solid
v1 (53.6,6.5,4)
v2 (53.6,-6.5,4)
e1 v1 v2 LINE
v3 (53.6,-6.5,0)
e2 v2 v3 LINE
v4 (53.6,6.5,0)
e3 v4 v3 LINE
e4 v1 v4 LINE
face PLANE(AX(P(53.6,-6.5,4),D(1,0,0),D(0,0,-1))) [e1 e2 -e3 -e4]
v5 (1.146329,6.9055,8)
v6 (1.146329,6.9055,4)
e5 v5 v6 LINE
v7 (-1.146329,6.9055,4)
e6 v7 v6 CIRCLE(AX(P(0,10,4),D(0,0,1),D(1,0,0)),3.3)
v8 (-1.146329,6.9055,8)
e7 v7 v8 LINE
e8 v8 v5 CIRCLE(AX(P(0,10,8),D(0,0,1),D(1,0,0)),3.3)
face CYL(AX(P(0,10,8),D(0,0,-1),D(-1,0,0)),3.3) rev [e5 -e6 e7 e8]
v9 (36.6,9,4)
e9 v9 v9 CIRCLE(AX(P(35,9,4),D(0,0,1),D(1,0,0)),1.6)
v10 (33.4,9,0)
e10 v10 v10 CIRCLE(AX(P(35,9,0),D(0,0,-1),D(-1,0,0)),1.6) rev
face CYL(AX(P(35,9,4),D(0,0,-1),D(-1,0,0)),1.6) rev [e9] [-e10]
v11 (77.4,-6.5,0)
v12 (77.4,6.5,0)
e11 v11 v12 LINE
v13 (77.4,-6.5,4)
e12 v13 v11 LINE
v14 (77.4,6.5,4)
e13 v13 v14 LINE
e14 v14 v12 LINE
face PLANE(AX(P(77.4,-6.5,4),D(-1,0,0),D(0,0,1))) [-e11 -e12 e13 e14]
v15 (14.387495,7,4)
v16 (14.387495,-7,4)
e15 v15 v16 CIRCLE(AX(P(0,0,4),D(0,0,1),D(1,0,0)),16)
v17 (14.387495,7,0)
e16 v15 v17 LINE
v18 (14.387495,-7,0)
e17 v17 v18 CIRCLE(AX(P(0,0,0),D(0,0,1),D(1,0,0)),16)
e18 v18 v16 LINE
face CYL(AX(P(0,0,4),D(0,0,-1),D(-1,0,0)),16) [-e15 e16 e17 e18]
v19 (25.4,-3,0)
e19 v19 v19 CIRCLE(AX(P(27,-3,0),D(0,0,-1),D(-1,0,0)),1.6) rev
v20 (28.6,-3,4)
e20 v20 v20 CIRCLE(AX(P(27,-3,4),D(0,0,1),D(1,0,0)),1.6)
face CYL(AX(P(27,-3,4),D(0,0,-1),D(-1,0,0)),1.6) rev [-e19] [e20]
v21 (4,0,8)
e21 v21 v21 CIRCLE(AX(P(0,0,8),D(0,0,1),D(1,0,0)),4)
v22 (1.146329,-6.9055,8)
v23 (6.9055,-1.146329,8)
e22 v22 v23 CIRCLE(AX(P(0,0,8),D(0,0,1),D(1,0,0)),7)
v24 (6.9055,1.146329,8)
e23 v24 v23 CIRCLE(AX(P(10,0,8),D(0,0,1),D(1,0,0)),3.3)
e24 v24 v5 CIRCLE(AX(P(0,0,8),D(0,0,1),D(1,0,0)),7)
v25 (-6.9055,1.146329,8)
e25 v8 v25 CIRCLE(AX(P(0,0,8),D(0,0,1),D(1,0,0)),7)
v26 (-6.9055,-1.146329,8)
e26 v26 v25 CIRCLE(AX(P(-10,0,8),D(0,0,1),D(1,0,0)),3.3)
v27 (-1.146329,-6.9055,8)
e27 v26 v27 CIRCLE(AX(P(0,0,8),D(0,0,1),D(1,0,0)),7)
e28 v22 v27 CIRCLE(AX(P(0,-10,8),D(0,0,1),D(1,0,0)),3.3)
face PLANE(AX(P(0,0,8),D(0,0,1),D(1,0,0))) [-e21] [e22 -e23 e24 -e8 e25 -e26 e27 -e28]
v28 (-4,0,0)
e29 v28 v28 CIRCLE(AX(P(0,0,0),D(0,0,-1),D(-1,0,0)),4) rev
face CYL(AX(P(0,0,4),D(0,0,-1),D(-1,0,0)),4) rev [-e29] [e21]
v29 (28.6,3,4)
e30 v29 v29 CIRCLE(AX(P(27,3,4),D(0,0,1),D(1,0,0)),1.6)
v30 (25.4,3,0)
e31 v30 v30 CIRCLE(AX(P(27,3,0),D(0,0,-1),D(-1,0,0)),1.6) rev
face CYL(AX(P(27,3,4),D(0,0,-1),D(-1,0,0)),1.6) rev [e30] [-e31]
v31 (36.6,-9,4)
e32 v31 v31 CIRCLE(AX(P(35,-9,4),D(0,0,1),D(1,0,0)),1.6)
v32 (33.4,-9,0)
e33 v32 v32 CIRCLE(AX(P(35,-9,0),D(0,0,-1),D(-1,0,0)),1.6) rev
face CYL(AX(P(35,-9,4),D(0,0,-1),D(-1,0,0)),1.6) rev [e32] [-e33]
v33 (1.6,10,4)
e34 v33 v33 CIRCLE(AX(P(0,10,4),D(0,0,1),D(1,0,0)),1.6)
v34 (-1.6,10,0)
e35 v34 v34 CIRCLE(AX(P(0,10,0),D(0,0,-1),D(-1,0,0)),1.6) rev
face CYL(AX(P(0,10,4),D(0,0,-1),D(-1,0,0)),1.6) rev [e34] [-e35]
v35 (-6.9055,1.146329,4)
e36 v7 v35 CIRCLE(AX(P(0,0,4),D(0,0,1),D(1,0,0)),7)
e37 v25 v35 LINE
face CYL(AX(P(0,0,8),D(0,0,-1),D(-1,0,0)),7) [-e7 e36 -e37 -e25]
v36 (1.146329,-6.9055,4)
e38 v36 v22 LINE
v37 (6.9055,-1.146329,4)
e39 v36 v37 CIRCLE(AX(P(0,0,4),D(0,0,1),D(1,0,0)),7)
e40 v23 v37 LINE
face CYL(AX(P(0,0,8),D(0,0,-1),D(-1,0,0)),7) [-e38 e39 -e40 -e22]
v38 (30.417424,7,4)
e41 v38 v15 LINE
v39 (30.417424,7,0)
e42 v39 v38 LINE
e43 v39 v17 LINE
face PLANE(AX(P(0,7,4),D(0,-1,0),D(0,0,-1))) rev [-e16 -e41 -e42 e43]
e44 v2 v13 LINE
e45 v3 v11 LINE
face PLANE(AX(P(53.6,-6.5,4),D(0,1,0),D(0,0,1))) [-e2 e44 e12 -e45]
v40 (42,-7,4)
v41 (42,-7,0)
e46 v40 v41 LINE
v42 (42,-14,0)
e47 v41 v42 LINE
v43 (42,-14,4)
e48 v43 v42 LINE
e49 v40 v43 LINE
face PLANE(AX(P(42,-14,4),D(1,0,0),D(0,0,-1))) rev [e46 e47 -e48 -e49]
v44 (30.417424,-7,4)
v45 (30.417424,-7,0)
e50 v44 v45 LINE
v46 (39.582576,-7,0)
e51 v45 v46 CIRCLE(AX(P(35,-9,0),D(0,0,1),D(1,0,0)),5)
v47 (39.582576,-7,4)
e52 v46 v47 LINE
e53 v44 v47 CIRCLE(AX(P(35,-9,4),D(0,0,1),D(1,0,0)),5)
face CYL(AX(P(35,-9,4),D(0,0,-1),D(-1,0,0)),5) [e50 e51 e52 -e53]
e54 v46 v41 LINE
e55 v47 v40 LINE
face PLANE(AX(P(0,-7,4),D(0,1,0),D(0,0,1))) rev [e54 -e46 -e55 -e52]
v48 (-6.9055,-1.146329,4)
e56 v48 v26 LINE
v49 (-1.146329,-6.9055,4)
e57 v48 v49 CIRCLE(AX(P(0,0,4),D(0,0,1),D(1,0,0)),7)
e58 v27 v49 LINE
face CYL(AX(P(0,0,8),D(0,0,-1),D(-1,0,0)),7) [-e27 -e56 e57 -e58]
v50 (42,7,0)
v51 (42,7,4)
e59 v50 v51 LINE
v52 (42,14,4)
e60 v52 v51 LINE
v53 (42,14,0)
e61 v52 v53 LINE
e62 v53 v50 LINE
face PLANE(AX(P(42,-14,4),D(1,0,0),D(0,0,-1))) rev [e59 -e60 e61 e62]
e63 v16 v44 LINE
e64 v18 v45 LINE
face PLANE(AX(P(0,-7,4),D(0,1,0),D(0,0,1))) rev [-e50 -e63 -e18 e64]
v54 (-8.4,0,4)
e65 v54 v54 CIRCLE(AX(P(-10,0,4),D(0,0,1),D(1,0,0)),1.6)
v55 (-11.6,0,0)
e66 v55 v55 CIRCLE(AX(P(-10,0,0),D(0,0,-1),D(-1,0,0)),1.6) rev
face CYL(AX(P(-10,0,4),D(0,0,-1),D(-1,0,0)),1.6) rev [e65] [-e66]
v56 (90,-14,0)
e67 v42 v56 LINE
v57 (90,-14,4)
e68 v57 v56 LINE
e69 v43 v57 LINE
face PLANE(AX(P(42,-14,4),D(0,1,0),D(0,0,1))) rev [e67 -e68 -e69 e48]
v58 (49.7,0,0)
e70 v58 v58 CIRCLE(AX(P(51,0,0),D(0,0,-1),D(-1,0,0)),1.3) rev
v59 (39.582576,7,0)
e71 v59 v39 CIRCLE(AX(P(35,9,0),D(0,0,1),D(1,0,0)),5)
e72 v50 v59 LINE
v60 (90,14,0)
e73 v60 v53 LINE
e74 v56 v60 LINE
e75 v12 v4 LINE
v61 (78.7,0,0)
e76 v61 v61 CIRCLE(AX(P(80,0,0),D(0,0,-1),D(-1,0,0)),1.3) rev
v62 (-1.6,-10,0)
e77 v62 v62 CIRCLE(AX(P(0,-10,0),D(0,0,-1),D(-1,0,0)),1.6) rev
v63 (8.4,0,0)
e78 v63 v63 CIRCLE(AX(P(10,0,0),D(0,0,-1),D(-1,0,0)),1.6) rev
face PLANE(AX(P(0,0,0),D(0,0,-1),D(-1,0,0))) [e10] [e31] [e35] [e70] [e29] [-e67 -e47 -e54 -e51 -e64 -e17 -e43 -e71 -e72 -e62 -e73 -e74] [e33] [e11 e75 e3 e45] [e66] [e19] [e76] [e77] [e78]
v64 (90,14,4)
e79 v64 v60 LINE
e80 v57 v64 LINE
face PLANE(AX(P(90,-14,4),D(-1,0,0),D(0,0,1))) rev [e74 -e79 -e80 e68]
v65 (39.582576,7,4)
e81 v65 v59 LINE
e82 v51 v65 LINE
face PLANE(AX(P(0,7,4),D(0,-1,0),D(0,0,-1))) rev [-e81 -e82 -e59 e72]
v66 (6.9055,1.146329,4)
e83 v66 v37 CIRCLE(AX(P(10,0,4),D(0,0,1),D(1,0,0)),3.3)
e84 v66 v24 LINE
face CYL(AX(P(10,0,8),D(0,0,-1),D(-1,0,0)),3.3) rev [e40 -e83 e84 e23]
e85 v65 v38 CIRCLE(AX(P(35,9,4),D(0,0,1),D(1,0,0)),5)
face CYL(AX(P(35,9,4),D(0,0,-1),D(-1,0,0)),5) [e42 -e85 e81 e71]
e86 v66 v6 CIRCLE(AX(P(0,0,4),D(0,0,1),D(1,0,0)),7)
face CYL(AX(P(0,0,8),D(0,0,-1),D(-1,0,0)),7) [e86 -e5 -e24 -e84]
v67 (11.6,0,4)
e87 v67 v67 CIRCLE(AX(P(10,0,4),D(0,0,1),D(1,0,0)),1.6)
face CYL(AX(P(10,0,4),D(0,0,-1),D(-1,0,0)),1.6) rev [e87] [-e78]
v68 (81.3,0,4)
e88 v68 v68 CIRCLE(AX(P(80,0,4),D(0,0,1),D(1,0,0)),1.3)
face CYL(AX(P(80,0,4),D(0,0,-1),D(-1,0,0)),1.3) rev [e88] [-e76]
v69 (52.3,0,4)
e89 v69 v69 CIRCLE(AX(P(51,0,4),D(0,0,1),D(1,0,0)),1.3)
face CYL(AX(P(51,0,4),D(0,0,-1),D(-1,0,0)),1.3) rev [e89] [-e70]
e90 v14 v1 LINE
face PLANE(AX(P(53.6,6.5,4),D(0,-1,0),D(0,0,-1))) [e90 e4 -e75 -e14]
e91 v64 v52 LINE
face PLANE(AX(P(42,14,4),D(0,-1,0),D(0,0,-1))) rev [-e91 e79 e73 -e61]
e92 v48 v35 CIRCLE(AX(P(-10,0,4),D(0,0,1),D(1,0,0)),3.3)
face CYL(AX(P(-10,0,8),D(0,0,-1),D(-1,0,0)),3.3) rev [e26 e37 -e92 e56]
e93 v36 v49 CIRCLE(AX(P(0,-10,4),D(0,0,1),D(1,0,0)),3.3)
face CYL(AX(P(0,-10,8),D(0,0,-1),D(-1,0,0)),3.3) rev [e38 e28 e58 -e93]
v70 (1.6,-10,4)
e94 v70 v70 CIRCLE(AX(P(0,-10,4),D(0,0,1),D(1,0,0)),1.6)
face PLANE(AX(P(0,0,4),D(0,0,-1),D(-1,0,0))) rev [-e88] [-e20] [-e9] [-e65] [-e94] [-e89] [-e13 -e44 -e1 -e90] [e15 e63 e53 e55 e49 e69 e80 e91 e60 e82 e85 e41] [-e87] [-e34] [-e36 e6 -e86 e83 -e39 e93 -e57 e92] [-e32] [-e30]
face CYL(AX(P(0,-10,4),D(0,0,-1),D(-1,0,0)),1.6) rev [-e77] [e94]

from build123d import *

# Parameters (mm, degrees)
MAIN_WEB_PROFILE_W                        = 60
MAIN_WEB_PROFILE_H                        = 14
MAIN_WEB_DEPTH                            = 4
SHOULDER_HORN_FLANGE_PROFILE_R            = 16
SHOULDER_HORN_FLANGE_DEPTH                = 4
ELBOW_SERVO_MOUNT_PROFILE_W               = 48
ELBOW_SERVO_MOUNT_PROFILE_H               = 28
ELBOW_SERVO_MOUNT_DEPTH                   = 4
SG90_BODY_CLEARANCE_START                 = -5
SG90_BODY_CLEARANCE_PROFILE_W             = 23.8
SG90_BODY_CLEARANCE_PROFILE_H             = 13
SG90_BODY_CLEARANCE_DEPTH                 = 97.49863387
ELBOW_TAB_FASTENERS_START                 = -50
ELBOW_TAB_FASTENERS_PROFILE_R             = 1.3
ELBOW_TAB_FASTENERS_DEPTH                 = 142.49863387
SHOULDER_CENTER_SCREW_ACCESS_START        = -50
SHOULDER_CENTER_SCREW_ACCESS_PROFILE_R    = 4
SHOULDER_CENTER_SCREW_ACCESS_DEPTH        = 142.49863387
SHOULDER_HORN_BOLT_PATTERN_START          = -50
SHOULDER_HORN_BOLT_PATTERN_PROFILE_R      = 1.6
SHOULDER_HORN_BOLT_PATTERN_DEPTH          = 142.49863387
CABLE_TIE_HOLES_START                     = -50
CABLE_TIE_HOLES_PROFILE_R                 = 1.6
CABLE_TIE_HOLES_DEPTH                     = 142.49863387
PASSIVE_LOWER_MOUNT_BOSS_PROFILE_R        = 5
PASSIVE_LOWER_MOUNT_BOSS_DEPTH            = 4
PASSIVE_UPPER_MOUNT_BOSS_PROFILE_R        = 5
PASSIVE_UPPER_MOUNT_BOSS_DEPTH            = 4
PASSIVE_CHEEK_STANDOFFS_START             = -50
PASSIVE_CHEEK_STANDOFFS_PROFILE_R         = 1.6
PASSIVE_CHEEK_STANDOFFS_DEPTH             = 142.49863387
SHOULDER_DOWEL_SUPPORT_HUB_START          = 4
SHOULDER_DOWEL_SUPPORT_HUB_PROFILE_R      = 7
SHOULDER_DOWEL_SUPPORT_HUB_PROFILE_R_2    = 4
SHOULDER_DOWEL_SUPPORT_HUB_DEPTH          = 4
SHOULDER_HORN_WASHER_HUB_RELIEF_START     = 4
SHOULDER_HORN_WASHER_HUB_RELIEF_PROFILE_R = 3.3
SHOULDER_HORN_WASHER_HUB_RELIEF_DEPTH     = 4


with BuildPart() as part:
    # Main_web_profile → Main_web (new body)
    with BuildSketch(Plane.XY):
        with Locations((30, 0)):
            Rectangle(MAIN_WEB_PROFILE_W, MAIN_WEB_PROFILE_H)
    extrude(amount=MAIN_WEB_DEPTH)

    # Shoulder_horn_flange_profile → Shoulder_horn_flange (add)
    with BuildSketch(Plane.XY):
        Circle(SHOULDER_HORN_FLANGE_PROFILE_R)
    extrude(amount=SHOULDER_HORN_FLANGE_DEPTH)

    # Elbow_servo_mount_profile → Elbow_servo_mount (add)
    with BuildSketch(Plane.XY):
        with Locations((66, 0)):
            Rectangle(ELBOW_SERVO_MOUNT_PROFILE_W, ELBOW_SERVO_MOUNT_PROFILE_H)
    extrude(amount=ELBOW_SERVO_MOUNT_DEPTH)

    # SG90_body_clearance_profile → SG90_body_clearance (cut, through all)
    with BuildSketch(Plane.XY.offset(SG90_BODY_CLEARANCE_START)):
        with Locations((65.5, 0)):
            Rectangle(SG90_BODY_CLEARANCE_PROFILE_W, SG90_BODY_CLEARANCE_PROFILE_H)
    extrude(amount=SG90_BODY_CLEARANCE_DEPTH, mode=Mode.SUBTRACT)

    # Elbow_tab_fasteners_profile → Elbow_tab_fasteners (cut, through all)
    with BuildSketch(Plane.XY.offset(ELBOW_TAB_FASTENERS_START)):
        with Locations(Location((51, 0, 0), (0, 0, 180))):
            Circle(ELBOW_TAB_FASTENERS_PROFILE_R)
        with Locations(Location((80, 0, 0), (0, 0, 180))):
            Circle(ELBOW_TAB_FASTENERS_PROFILE_R)
    extrude(amount=ELBOW_TAB_FASTENERS_DEPTH, mode=Mode.SUBTRACT)

    # Shoulder_center_screw_access_profile → Shoulder_center_screw_access (cut, through all)
    with BuildSketch(Plane.XY.offset(SHOULDER_CENTER_SCREW_ACCESS_START)):
        with Locations(Location((0, 0, 0), (0, 0, 180))):
            Circle(SHOULDER_CENTER_SCREW_ACCESS_PROFILE_R)
    extrude(amount=SHOULDER_CENTER_SCREW_ACCESS_DEPTH, mode=Mode.SUBTRACT)

    # Shoulder_horn_bolt_pattern_profile → Shoulder_horn_bolt_pattern (cut, through all)
    with BuildSketch(Plane.XY.offset(SHOULDER_HORN_BOLT_PATTERN_START)):
        with Locations(Location((0, 10, 0), (0, 0, 180))):
            Circle(SHOULDER_HORN_BOLT_PATTERN_PROFILE_R)
        with Locations(Location((0, -10, 0), (0, 0, 180))):
            Circle(SHOULDER_HORN_BOLT_PATTERN_PROFILE_R)
        with Locations(Location((10, 0, 0), (0, 0, 180))):
            Circle(SHOULDER_HORN_BOLT_PATTERN_PROFILE_R)
        with Locations(Location((-10, 0, 0), (0, 0, 180))):
            Circle(SHOULDER_HORN_BOLT_PATTERN_PROFILE_R)
    extrude(amount=SHOULDER_HORN_BOLT_PATTERN_DEPTH, mode=Mode.SUBTRACT)

    # Cable_tie_holes_profile → Cable_tie_holes (cut, through all)
    with BuildSketch(Plane.XY.offset(CABLE_TIE_HOLES_START)):
        with Locations(Location((27, -3, 0), (0, 0, 180))):
            Circle(CABLE_TIE_HOLES_PROFILE_R)
        with Locations(Location((27, 3, 0), (0, 0, 180))):
            Circle(CABLE_TIE_HOLES_PROFILE_R)
    extrude(amount=CABLE_TIE_HOLES_DEPTH, mode=Mode.SUBTRACT)

    # Passive_lower_mount_boss_profile → Passive_lower_mount_boss (add)
    with BuildSketch(Plane.XY):
        with Locations((35, -9)):
            Circle(PASSIVE_LOWER_MOUNT_BOSS_PROFILE_R)
    extrude(amount=PASSIVE_LOWER_MOUNT_BOSS_DEPTH)

    # Passive_upper_mount_boss_profile → Passive_upper_mount_boss (add)
    with BuildSketch(Plane.XY):
        with Locations((35, 9)):
            Circle(PASSIVE_UPPER_MOUNT_BOSS_PROFILE_R)
    extrude(amount=PASSIVE_UPPER_MOUNT_BOSS_DEPTH)

    # Passive_cheek_standoffs_profile → Passive_cheek_standoffs (cut, through all)
    with BuildSketch(Plane.XY.offset(PASSIVE_CHEEK_STANDOFFS_START)):
        with Locations(Location((35, -9, 0), (0, 0, 180))):
            Circle(PASSIVE_CHEEK_STANDOFFS_PROFILE_R)
        with Locations(Location((35, 9, 0), (0, 0, 180))):
            Circle(PASSIVE_CHEEK_STANDOFFS_PROFILE_R)
    extrude(amount=PASSIVE_CHEEK_STANDOFFS_DEPTH, mode=Mode.SUBTRACT)

    # Shoulder_dowel_support_hub_profile → Shoulder_dowel_support_hub (add)
    with BuildSketch(Plane.XY.offset(SHOULDER_DOWEL_SUPPORT_HUB_START)):
        Circle(SHOULDER_DOWEL_SUPPORT_HUB_PROFILE_R)
        with Locations(Location((0, 0, 0), (0, 0, 180))):
            Circle(SHOULDER_DOWEL_SUPPORT_HUB_PROFILE_R_2, mode=Mode.SUBTRACT)
    extrude(amount=SHOULDER_DOWEL_SUPPORT_HUB_DEPTH)

    # Shoulder_horn_washer_hub_relief_profile → Shoulder_horn_washer_hub_relief (cut)
    with BuildSketch(Plane.XY.offset(SHOULDER_HORN_WASHER_HUB_RELIEF_START)):
        with Locations((10, 0)):
            Circle(SHOULDER_HORN_WASHER_HUB_RELIEF_PROFILE_R)
        with Locations((-10, 0)):
            Circle(SHOULDER_HORN_WASHER_HUB_RELIEF_PROFILE_R)
        with Locations((0, 10)):
            Circle(SHOULDER_HORN_WASHER_HUB_RELIEF_PROFILE_R)
        with Locations((0, -10)):
            Circle(SHOULDER_HORN_WASHER_HUB_RELIEF_PROFILE_R)
    extrude(amount=SHOULDER_HORN_WASHER_HUB_RELIEF_DEPTH, mode=Mode.SUBTRACT)


solid = part.part
